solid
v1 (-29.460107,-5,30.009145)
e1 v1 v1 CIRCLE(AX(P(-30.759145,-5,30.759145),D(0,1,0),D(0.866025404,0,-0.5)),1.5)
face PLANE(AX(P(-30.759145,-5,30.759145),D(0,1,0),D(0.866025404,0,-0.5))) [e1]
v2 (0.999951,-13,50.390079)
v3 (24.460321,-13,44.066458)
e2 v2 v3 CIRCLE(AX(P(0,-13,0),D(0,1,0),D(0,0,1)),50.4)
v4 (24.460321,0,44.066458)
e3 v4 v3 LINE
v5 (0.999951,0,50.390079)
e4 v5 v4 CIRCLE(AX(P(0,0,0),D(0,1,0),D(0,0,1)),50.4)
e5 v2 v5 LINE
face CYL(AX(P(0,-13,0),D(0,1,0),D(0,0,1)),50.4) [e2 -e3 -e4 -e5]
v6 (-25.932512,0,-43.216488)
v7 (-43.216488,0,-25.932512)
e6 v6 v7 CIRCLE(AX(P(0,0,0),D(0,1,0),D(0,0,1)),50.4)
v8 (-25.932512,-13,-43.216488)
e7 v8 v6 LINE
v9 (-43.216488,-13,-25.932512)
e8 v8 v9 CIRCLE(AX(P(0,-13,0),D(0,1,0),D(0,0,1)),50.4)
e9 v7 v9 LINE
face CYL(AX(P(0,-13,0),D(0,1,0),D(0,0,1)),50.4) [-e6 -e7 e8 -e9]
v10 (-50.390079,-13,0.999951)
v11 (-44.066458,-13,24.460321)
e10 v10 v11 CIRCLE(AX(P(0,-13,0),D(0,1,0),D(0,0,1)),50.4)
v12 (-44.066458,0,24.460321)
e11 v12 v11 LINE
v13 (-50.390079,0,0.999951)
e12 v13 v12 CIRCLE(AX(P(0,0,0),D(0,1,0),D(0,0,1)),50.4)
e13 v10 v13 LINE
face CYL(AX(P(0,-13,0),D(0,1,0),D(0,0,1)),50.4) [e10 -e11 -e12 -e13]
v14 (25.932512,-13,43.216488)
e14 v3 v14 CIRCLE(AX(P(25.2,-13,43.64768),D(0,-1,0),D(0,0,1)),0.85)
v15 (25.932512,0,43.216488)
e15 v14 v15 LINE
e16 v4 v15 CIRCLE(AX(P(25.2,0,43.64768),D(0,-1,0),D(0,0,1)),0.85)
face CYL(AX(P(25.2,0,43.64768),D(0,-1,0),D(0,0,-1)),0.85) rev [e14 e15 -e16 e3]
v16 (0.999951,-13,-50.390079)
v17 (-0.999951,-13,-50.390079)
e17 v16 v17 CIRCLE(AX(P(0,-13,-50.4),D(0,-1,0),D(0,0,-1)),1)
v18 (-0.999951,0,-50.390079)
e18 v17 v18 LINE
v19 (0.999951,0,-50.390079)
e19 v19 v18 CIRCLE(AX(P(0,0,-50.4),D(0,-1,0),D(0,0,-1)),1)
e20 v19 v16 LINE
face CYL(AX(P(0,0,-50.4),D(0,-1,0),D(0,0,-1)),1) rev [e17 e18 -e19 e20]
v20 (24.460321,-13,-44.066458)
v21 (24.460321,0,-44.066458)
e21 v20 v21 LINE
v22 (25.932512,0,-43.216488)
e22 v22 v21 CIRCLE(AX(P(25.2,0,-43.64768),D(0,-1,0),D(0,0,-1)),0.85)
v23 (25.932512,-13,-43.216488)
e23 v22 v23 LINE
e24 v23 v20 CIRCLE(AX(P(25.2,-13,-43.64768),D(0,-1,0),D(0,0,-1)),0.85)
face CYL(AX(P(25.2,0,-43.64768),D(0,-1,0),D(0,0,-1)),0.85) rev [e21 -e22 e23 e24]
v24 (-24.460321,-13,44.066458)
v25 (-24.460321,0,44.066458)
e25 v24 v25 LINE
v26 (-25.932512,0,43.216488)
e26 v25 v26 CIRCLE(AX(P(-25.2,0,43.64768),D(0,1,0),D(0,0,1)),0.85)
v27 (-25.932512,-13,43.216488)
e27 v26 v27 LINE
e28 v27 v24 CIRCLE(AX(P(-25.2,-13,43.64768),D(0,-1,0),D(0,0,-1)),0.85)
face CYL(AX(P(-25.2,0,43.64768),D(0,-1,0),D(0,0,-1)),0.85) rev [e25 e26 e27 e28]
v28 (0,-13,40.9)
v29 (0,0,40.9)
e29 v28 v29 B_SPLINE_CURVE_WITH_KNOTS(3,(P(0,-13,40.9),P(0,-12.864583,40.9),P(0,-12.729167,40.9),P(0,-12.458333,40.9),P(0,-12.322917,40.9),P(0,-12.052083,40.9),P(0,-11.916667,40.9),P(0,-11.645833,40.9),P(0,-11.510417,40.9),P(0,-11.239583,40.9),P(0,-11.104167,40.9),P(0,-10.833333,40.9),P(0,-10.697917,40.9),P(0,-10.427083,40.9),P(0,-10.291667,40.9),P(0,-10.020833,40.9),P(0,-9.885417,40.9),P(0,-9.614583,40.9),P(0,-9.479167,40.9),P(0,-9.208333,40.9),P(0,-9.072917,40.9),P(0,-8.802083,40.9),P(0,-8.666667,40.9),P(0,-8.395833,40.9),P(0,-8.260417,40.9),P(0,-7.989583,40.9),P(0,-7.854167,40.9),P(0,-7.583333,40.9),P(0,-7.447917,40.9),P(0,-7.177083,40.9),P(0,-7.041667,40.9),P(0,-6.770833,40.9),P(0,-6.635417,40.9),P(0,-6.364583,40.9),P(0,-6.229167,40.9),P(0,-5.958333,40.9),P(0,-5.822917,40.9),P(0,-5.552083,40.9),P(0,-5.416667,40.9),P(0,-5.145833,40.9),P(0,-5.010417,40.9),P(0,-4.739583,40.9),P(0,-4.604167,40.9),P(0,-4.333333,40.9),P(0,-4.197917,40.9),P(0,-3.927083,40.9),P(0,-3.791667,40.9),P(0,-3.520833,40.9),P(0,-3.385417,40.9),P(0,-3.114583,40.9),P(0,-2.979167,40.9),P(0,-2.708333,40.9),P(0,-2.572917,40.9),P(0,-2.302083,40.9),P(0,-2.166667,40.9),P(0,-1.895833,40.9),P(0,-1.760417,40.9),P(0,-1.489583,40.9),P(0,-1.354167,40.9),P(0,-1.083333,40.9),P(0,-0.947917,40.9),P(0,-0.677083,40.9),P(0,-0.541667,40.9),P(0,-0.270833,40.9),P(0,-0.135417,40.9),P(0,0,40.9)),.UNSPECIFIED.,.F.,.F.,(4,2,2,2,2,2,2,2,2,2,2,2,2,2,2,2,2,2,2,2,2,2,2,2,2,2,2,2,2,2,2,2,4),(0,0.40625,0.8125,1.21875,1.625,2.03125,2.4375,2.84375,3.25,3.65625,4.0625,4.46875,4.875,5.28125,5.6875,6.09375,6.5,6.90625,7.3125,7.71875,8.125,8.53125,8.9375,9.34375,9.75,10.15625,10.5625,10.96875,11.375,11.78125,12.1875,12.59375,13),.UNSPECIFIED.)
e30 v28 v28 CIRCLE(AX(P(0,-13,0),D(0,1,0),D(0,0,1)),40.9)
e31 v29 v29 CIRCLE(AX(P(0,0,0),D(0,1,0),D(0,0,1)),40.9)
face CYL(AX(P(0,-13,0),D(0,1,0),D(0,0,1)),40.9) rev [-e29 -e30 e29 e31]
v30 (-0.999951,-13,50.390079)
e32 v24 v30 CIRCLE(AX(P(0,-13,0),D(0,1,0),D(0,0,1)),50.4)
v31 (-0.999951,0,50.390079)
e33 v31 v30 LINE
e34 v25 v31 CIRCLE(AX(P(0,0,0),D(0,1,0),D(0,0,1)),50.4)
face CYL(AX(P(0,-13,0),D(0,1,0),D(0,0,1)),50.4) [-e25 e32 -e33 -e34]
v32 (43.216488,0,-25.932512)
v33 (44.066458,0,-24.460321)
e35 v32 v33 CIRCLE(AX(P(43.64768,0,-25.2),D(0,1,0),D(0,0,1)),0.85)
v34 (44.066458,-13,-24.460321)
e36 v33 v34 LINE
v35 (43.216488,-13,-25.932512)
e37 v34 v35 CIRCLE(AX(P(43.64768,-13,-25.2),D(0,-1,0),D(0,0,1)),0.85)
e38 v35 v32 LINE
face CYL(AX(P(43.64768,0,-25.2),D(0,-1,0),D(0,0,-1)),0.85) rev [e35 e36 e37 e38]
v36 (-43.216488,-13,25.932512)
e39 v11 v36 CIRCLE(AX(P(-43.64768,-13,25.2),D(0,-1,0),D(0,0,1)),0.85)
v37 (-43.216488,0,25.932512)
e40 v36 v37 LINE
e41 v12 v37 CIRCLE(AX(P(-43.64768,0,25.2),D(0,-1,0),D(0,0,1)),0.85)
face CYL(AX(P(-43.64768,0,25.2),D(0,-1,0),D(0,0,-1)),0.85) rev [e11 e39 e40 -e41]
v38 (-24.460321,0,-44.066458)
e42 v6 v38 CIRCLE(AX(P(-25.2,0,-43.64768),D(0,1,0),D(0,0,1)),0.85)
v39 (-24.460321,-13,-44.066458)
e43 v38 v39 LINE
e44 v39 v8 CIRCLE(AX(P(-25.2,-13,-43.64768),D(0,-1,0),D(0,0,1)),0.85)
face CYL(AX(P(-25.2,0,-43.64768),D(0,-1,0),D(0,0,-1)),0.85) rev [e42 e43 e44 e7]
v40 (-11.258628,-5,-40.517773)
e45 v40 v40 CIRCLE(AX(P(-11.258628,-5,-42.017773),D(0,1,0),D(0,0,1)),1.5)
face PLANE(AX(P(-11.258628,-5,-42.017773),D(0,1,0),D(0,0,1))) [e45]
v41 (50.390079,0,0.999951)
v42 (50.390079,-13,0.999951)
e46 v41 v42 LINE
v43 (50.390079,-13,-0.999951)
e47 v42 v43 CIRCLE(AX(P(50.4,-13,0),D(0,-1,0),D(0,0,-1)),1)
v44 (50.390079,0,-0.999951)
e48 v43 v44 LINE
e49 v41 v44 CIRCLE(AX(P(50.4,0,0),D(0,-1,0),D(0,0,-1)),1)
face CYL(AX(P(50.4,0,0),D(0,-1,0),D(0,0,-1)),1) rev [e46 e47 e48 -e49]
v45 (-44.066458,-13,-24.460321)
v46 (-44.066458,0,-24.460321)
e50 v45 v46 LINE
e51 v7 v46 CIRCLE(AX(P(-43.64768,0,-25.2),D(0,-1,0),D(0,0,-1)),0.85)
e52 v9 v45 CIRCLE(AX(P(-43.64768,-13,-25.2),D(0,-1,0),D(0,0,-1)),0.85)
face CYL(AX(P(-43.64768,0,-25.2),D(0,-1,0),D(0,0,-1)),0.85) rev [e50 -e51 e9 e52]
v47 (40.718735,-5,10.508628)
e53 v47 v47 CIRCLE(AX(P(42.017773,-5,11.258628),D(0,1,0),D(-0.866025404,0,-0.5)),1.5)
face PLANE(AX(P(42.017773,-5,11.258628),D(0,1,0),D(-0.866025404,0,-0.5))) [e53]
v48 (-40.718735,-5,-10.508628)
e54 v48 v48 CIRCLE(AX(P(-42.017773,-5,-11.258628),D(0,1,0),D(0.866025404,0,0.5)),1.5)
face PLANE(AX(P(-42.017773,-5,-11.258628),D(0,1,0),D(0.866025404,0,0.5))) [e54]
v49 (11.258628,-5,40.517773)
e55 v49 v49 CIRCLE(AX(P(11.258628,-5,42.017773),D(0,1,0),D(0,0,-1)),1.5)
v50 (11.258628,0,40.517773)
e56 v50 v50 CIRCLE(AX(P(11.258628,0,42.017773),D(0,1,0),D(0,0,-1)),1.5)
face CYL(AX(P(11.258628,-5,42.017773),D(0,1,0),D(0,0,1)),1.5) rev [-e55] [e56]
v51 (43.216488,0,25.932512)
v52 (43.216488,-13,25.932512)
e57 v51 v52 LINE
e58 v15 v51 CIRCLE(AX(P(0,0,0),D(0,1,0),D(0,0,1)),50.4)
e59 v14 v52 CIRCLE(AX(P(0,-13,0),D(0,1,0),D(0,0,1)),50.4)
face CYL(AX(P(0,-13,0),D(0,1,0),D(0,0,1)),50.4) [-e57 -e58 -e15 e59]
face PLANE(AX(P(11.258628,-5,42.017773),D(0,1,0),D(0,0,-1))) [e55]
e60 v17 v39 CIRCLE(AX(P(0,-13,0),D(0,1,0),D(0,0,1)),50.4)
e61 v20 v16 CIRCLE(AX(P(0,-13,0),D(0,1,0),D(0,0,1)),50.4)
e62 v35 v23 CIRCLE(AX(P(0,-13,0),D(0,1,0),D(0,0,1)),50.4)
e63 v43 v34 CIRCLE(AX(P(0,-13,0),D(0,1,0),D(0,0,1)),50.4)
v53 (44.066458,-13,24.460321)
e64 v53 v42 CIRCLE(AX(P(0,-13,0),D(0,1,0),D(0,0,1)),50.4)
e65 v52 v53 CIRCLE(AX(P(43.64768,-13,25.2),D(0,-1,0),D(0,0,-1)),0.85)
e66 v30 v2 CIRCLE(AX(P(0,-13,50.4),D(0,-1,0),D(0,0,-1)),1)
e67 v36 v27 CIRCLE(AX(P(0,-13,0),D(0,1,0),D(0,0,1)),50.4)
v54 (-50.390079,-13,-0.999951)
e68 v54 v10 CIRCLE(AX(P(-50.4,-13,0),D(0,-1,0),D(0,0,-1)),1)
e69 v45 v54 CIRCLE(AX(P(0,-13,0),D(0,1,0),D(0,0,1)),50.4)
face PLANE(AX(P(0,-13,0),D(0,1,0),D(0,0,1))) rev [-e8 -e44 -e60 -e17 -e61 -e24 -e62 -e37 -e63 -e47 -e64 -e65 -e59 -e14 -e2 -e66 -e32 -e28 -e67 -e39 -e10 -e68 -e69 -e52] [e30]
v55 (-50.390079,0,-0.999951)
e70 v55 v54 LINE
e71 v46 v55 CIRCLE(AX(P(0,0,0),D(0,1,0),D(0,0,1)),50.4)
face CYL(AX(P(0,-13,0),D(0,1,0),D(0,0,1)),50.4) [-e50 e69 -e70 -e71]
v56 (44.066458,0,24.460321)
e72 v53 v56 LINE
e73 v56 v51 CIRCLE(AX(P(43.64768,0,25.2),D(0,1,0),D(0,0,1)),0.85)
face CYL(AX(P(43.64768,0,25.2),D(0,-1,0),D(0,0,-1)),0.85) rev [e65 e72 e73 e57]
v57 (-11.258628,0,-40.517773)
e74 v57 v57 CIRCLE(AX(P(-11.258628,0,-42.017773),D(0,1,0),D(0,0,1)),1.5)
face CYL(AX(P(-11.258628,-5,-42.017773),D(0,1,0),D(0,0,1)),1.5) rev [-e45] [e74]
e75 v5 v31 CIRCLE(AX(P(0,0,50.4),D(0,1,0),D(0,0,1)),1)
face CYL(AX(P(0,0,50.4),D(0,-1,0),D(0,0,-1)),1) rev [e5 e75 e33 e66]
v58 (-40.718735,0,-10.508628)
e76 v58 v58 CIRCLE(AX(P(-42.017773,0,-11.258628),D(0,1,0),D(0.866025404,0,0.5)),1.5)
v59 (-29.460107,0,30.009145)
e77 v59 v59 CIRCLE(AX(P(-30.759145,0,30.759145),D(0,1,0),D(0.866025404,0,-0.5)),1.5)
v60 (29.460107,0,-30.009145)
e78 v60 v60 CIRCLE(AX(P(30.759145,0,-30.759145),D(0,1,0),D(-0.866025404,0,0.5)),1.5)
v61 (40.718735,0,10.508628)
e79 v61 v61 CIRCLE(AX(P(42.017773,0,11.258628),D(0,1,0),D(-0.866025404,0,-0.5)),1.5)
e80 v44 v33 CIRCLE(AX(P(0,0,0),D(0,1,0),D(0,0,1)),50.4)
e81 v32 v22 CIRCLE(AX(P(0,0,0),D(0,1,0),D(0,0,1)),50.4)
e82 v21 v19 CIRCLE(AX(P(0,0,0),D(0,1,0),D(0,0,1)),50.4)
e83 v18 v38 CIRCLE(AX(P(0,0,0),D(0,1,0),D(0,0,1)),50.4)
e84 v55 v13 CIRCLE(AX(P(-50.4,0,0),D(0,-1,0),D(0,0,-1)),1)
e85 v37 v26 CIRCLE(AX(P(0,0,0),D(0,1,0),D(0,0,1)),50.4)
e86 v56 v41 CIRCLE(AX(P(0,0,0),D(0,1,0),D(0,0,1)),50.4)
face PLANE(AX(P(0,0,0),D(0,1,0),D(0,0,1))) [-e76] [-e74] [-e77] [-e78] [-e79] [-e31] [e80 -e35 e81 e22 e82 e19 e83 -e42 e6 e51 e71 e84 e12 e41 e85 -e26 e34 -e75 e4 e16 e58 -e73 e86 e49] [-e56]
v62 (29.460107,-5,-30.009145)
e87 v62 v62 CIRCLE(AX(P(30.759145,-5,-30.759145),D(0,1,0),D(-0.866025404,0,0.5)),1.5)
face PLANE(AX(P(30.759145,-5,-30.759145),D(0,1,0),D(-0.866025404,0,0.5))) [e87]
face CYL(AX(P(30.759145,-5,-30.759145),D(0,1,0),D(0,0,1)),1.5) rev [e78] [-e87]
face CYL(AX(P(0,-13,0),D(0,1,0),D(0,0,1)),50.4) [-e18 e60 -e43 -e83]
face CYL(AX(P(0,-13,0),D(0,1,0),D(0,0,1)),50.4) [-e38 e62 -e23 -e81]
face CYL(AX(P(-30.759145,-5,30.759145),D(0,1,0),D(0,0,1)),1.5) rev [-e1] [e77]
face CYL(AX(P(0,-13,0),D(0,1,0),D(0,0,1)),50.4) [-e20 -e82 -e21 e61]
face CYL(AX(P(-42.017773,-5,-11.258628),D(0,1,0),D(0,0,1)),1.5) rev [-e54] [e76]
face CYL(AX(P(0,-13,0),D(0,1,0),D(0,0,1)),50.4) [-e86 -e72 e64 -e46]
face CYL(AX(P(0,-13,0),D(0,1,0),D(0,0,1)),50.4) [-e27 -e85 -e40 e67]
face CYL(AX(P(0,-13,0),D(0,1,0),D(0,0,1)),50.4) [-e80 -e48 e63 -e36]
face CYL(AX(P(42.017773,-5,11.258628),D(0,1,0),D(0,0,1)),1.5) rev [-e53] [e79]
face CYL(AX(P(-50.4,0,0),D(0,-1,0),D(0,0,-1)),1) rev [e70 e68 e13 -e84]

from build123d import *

# Parameters (mm, degrees)
SKETCH_1_R               = 50.4
SKETCH_1_R_2             = 40.9
EXTRUDE_1_DEPTH          = 13
SKETCH_2_R               = 1
SKETCH_2_R_2             = 0.85
CUT_EXTRUDE_1_DEPTH      = 13
SKETCH_3_R               = 1.5
CUT_EXTRUDE_2_DEPTH      = 5
PATTERN_CIRCULAR_1_COUNT = 6


with BuildPart() as part:
    # 草图1 → 凸台-拉伸1 (new body)
    with BuildSketch(Plane(origin=(0, 0, 0), x_dir=(1, 0, 0), z_dir=(0, 1, 0))):
        with Locations(Location((0, 0, 0), (0, 0, 270))):
            Circle(SKETCH_1_R)
        with Locations(Location((0, 0, 0), (0, 0, 270))):
            Circle(SKETCH_1_R_2, mode=Mode.SUBTRACT)
    extrude(amount=-EXTRUDE_1_DEPTH)

    # 草图2 → 切除-拉伸1 (cut)
    with BuildSketch(Plane.XZ.offset(13)):
        with Locations((0, 50.4)):
            Circle(SKETCH_2_R)
        with Locations((50.4, 0)):
            Circle(SKETCH_2_R)
        with Locations((0, -50.4)):
            Circle(SKETCH_2_R)
        with Locations((-50.4, 0)):
            Circle(SKETCH_2_R)
        with Locations((-25.2, 43.647680351)):
            Circle(SKETCH_2_R_2)
        with Locations((25.2, 43.647680351)):
            Circle(SKETCH_2_R_2)
        with Locations((43.647680351, 25.2)):
            Circle(SKETCH_2_R_2)
        with Locations((43.647680351, -25.2)):
            Circle(SKETCH_2_R_2)
        with Locations((25.2, -43.647680351)):
            Circle(SKETCH_2_R_2)
        with Locations((-25.2, -43.647680351)):
            Circle(SKETCH_2_R_2)
        with Locations((-43.647680351, -25.2)):
            Circle(SKETCH_2_R_2)
        with Locations((-43.647680351, 25.2)):
            Circle(SKETCH_2_R_2)
    extrude(amount=-CUT_EXTRUDE_1_DEPTH, mode=Mode.SUBTRACT)

    # 草图3 → 切除-拉伸2 (cut)
    with BuildSketch(Plane(origin=(0, 0, 0), x_dir=(1, 0, 0), z_dir=(0, 1, 0))):
        with Locations(Location((-11.258628462, 42.017773444, 0), (0, 0, 270))):
            Circle(SKETCH_3_R)
    cut_extrude_2 = extrude(amount=-CUT_EXTRUDE_2_DEPTH, mode=Mode.SUBTRACT)

    # 阵列(圆周)1: 切除-拉伸2 ×6 about axis
    pattern_circular_1_axis = Axis((0, 0, 0), (0, 1, 0))
    for i in range(1, PATTERN_CIRCULAR_1_COUNT):
        add(cut_extrude_2.rotate(pattern_circular_1_axis, i * 360 / PATTERN_CIRCULAR_1_COUNT), mode=Mode.SUBTRACT)


solid = part.part
